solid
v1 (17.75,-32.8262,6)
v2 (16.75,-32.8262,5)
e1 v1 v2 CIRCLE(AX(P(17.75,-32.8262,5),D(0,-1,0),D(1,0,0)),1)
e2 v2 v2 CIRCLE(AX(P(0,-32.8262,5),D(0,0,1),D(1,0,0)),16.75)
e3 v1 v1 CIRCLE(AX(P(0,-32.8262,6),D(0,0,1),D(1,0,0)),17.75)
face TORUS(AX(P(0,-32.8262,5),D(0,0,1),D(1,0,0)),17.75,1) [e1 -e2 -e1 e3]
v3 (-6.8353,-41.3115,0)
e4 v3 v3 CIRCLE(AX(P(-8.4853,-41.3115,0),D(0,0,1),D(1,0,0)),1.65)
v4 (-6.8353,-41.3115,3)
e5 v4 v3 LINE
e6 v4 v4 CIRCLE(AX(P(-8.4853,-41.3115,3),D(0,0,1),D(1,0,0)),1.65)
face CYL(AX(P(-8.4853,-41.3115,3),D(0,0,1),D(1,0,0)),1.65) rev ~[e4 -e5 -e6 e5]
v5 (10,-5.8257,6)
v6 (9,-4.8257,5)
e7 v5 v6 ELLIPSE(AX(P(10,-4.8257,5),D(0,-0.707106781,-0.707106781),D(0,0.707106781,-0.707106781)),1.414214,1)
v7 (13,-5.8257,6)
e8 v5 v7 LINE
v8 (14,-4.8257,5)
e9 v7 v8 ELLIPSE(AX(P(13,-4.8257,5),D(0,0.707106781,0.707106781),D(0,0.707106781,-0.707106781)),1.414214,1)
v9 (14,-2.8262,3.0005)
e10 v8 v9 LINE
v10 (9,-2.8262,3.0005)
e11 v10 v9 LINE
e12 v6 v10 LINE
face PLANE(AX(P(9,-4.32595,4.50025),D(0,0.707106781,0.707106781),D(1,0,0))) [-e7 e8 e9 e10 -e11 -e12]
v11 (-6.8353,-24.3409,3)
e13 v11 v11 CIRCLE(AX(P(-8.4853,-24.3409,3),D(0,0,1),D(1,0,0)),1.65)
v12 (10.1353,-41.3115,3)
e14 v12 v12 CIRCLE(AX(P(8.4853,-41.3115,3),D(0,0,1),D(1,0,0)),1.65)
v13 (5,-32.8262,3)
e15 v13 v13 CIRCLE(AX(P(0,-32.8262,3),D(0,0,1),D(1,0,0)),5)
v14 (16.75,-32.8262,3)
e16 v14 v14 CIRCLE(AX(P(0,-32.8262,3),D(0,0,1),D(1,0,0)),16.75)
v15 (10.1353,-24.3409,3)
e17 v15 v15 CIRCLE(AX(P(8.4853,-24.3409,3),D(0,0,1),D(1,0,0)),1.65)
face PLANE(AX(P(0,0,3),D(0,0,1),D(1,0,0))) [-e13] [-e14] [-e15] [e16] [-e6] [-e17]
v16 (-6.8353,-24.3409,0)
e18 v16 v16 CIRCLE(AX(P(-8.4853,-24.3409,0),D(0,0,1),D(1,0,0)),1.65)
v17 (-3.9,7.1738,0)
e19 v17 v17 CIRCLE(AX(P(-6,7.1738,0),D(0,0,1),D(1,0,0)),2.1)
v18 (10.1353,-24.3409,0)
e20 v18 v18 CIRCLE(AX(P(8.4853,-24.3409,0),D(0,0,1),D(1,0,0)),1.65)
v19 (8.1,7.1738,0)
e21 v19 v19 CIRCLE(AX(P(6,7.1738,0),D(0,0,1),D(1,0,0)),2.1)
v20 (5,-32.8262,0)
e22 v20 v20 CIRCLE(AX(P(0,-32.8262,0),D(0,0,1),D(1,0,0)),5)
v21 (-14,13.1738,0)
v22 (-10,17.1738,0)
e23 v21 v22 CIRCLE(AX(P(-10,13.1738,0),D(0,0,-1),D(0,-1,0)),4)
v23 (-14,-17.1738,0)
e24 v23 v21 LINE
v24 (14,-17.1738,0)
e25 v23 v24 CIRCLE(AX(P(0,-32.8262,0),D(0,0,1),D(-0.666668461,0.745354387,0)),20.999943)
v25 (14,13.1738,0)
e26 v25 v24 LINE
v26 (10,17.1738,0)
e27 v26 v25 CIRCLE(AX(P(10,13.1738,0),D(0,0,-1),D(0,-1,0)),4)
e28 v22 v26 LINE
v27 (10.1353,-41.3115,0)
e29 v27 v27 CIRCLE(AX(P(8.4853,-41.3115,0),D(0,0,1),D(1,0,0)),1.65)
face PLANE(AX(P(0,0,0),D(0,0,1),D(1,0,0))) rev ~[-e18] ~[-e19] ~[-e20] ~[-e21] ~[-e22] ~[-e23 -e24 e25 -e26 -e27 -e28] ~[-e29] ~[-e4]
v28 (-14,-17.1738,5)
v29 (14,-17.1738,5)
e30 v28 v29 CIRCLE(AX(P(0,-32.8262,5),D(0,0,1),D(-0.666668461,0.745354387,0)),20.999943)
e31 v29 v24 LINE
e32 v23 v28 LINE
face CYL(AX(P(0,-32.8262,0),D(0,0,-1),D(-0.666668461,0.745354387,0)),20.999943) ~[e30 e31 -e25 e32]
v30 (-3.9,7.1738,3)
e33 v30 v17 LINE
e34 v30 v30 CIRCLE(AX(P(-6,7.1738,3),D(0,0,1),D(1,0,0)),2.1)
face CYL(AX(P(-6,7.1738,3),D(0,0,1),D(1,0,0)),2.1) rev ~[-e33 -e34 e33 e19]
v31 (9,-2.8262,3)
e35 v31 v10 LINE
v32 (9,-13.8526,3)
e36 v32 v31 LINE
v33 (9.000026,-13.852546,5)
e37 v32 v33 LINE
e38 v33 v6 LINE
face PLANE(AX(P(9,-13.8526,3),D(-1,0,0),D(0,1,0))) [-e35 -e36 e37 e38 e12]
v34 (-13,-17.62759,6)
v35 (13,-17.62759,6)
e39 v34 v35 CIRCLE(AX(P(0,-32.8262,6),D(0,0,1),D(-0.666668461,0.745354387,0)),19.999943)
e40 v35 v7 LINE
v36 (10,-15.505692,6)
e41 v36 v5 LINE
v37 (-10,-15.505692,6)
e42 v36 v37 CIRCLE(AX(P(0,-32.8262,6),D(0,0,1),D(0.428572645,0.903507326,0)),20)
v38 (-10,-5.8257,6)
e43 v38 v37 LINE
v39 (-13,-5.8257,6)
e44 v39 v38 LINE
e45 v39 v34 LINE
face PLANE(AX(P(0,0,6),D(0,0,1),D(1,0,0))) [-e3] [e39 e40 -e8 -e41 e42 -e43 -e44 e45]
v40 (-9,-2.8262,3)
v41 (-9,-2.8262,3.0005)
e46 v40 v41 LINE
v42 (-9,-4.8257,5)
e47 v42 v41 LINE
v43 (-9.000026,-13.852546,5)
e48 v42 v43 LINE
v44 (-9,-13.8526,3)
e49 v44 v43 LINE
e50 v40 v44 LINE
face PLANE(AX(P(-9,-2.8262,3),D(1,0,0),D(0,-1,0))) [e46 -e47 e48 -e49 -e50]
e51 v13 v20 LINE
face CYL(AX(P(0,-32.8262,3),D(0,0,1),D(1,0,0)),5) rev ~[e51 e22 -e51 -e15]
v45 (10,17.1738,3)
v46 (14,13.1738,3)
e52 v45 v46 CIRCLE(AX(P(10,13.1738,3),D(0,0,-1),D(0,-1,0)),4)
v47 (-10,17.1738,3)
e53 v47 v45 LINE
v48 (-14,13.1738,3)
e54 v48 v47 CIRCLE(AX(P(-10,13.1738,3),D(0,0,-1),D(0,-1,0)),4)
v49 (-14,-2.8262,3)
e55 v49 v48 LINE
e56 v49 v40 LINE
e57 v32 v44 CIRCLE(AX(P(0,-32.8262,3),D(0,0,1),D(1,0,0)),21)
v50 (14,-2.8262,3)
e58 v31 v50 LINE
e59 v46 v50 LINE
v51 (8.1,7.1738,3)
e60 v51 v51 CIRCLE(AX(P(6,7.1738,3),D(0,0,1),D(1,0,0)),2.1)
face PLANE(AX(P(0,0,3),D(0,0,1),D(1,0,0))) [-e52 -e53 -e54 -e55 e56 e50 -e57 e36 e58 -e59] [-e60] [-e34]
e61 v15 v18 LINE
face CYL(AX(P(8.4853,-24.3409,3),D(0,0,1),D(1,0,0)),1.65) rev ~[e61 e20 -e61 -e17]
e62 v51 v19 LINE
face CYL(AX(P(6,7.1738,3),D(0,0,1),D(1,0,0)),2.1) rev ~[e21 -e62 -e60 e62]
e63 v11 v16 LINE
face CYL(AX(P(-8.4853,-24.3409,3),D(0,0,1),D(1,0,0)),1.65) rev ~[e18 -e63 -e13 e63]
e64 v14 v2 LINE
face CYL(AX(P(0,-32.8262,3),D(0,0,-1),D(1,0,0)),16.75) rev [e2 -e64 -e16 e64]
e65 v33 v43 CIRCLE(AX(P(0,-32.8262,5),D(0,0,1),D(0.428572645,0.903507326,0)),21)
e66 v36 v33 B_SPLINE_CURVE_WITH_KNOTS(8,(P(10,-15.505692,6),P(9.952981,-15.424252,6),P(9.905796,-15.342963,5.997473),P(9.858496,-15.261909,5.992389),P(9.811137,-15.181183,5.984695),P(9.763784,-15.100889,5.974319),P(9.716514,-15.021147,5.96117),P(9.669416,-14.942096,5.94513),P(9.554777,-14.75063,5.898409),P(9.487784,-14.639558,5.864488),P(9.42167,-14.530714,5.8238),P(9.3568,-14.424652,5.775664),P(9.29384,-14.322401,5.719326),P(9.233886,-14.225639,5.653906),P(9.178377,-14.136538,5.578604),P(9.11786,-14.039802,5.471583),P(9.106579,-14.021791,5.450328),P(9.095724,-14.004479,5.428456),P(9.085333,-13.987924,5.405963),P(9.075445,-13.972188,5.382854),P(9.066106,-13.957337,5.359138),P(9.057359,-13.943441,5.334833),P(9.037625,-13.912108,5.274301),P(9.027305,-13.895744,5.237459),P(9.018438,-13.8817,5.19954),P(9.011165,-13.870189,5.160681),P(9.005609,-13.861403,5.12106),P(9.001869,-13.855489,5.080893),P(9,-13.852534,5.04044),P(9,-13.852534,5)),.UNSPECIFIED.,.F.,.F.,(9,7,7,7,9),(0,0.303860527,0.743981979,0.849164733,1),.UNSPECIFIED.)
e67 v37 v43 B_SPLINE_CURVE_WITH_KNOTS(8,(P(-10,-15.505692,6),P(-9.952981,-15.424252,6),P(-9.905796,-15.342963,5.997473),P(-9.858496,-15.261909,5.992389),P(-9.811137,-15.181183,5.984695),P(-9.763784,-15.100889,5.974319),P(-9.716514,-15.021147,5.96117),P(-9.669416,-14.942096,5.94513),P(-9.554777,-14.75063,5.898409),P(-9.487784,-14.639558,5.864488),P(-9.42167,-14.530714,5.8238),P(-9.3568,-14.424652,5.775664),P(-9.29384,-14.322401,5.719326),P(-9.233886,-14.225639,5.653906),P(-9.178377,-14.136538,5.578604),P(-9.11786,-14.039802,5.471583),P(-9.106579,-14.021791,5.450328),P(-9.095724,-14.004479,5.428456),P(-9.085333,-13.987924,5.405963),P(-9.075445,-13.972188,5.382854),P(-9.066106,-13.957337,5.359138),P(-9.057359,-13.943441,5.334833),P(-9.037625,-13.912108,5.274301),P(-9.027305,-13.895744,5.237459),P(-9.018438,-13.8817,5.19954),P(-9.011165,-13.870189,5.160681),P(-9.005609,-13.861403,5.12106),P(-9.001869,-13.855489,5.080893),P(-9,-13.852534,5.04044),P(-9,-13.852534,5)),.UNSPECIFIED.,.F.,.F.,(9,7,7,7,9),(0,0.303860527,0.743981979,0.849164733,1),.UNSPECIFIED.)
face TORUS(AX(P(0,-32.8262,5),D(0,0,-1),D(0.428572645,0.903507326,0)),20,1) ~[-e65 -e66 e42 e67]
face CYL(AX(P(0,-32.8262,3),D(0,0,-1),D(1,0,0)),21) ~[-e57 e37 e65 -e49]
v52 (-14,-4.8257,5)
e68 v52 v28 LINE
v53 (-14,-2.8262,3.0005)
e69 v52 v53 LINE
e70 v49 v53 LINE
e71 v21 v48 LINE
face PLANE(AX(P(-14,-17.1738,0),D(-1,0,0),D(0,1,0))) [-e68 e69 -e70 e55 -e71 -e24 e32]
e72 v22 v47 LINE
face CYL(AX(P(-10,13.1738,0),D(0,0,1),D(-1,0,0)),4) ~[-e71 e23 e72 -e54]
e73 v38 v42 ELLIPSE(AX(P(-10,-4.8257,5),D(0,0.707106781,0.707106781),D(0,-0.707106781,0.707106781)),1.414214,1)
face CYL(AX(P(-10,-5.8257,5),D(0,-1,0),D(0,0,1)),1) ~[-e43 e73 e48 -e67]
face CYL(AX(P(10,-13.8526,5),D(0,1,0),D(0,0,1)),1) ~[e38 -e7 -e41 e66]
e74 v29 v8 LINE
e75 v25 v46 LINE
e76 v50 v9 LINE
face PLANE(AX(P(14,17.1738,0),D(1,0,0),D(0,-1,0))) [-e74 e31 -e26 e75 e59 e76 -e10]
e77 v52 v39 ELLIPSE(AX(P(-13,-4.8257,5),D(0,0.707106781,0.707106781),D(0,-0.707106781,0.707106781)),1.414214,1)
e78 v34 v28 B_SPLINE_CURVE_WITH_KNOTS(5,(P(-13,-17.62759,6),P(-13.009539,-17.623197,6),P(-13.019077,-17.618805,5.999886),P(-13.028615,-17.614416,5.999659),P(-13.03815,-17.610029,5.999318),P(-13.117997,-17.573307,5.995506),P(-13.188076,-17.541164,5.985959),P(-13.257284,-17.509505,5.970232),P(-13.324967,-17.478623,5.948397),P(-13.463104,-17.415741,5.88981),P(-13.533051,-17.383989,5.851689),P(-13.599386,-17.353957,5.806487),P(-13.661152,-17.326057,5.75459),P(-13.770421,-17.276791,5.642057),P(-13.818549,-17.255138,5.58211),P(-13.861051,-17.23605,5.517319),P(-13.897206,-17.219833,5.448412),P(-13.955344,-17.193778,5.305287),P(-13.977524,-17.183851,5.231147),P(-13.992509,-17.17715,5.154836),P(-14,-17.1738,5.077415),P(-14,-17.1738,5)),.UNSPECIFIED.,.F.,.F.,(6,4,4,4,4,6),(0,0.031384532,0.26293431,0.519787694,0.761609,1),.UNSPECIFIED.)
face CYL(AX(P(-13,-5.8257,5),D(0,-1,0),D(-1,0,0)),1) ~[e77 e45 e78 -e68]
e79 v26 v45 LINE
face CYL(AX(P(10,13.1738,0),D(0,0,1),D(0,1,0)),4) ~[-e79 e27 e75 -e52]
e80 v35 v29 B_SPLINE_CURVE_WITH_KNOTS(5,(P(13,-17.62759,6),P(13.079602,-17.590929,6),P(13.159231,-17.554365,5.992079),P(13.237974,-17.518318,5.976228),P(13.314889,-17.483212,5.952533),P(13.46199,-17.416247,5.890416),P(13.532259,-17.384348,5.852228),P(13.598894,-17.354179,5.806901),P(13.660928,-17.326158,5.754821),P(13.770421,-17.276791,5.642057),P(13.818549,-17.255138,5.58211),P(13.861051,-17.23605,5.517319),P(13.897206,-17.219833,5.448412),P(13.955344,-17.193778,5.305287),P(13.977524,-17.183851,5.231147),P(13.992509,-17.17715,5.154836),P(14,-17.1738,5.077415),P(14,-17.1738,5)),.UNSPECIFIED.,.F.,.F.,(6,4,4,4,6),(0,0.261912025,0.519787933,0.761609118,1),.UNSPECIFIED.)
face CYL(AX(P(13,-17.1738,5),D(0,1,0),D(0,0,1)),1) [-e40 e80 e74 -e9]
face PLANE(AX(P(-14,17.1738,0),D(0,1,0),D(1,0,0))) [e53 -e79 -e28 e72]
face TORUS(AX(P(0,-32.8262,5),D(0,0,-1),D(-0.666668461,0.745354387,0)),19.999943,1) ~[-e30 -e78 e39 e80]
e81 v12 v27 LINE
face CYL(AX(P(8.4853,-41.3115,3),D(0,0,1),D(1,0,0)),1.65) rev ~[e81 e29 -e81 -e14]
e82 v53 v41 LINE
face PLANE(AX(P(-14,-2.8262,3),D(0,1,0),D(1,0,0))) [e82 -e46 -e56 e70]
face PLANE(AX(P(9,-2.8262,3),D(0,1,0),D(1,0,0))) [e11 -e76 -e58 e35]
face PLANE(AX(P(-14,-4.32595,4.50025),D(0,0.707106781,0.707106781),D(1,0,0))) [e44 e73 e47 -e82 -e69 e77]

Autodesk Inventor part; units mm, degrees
ref_plane "YZ Plane" through (0, 0, 0) normal (1, 0, 0) x (0, 1, 0)
ref_plane "XZ Plane" through (0, 0, 0) normal (0, 1, 0) x (-1, 0, 0)
ref_plane "XY Plane" through (0, 0, 0) normal (0, 0, 1) x (1, 0, 0)
sketch "Sketch1" plane through (0, 0, 0) normal (0, 0, 1) x (1, 0, 0)
  line L0 (-14, 17.1738) -> (14, 17.1738)
  line L1 (14, 17.1738) -> (14, -17.1738)
  line L2 (14, -32.8262) -> (-14, -32.8262)
  line L3 (-14, -32.8262) -> (-14, -17.1738)
  arc A0 (-14, -17.1738) -> (14, -17.1738) centre (0, -32.8262) ccw
  line L4 (-14, -17.1738) -> (-14, 17.1738)
  line L5 (14, -17.1738) -> (14, -32.8262)
  point P0 (0, 0)
  point P1 (0, 17.1738)
  point P2 (14, 0)
  dimension "d0" = 42
  dimension "d1" = 50
  dimension "d4" = 28
extrude "Extrusion1" add sketch "Sketch1" along normal blind 3
sketch "Sketch2" plane through (0, 0, 3) normal (0, 0, 1) x (1, 0, 0)
  line L0 (14, -17.1738) -> (14, 17.1738) projected
  line L1 (14, 17.1738) -> (-14, 17.1738) construction
  line L2 (-14, 17.1738) -> (-14, -17.1738) construction
  arc A0 (-14, -17.1738) -> (14, -17.1738) centre (0, -32.8262) ccw projected
  circle A1 centre (0, -32.8262) radius 16.75
  circle A2 centre (0, -32.8262) radius 21
  line L3 (-14, -2.8262) -> (14, -2.8262)
  line L4 (14, -17.1738) -> (14, 17.1738) construction
  line L5 (-14, 17.1738) -> (-14, -17.1738) projected
  line L6 (-14, -2.8262) -> (-14, -17.1738)
  line L7 (-9, -2.8262) -> (-9, -13.8526)
  line L8 (14, -2.8262) -> (14, -17.1738)
  line L9 (9, -13.8526) -> (9, -2.8262)
  arc A3 (-14, -17.1738) -> (14, -17.1738) centre (0, -32.8262) ccw projected
  line L10 (14, -2.8262) -> (14, -17.1738)
  point P0 (0, 0)
  dimension "d5" = 33.5
  dimension "d6" = 20
  dimension "d7" = 5
  dimension "d8" = 5
extrude "Extrusion2" add sketch "Sketch2" along normal blind 3 contours A2 L9 L3 L0 | A0 A2 | L5 L3 L7 A2
sketch "Sketch3" plane through (0, 0, 3) normal (0, 0, 1) x (1, 0, 0)
  circle A0 centre (0, -32.8262) radius 16.75 projected
  circle A1 centre (0, -32.8262) radius 5
  line L0 (9, -2.8262) -> (14, -2.8262) projected
  line L1 (14, -2.8262) -> (14, 17.1738) projected
  line L2 (14, 17.1738) -> (-14, 17.1738) projected
  line L3 (-14, 17.1738) -> (-14, -2.8262) projected
  line L4 (-14, -2.8262) -> (-9, -2.8262) projected
  line L5 (-9, -2.8262) -> (-9, -13.8526) projected
  arc A2 (9, -13.8526) -> (-9, -13.8526) centre (0, -32.8262) ccw projected
  line L6 (9, -13.8526) -> (9, -2.8262) projected
  circle A3 centre (-6, 7.1738) radius 2.1
  circle A4 centre (6, 7.1738) radius 2.1
  line L7 (-6, 7.1738) -> (6, 7.1738) construction
  point P0 (0, 0)
  point P1 (0, 7.1738)
  dimension "d11" = 10
  dimension "d12" = 4.2
  dimension "d13" = 12
  dimension "d14" = 10
extrude "Extrusion3" cut sketch "Sketch3" against normal up to next contours A1 | A3 | A4
chamfer "Chamfer1" distance 3 angle 45 2 edges at (11.5, -2.8262, 6) (-11.5, -2.8262, 6)
fillet "Fillet1" radius 1 7 edges at (-16.75, -32.8262, 6) (0, -11.8262, 6) (0, -53.8262, 6) (-14, -11.4998, 6) (-9, -9.8392, 6) (9, -9.8392, 6) (14, -11.4998, 6)
sketch "Sketch4" plane through (0, -32.8262, 3) normal (0, 0, 1) x (1, 0, 0)
  circle A0 centre (0, 0) radius 5 projected
  circle A1 centre (8.4853, 8.4853) radius 1.65
  line L0 (0, 0) -> (8.4853, 8.4853) construction
  line L1 (0, 0) -> (0, 12.1192) construction
  line L2 (0, 0) -> (-12.1192, 0) construction
  circle A2 centre (-8.4853, 8.4853) radius 1.65
  line L3 (0, 0) -> (0, -12.1192) construction
  circle A3 centre (-8.4853, -8.4853) radius 1.65
  line L4 (0, 0) -> (12.1192, 0) construction
  circle A4 centre (8.4853, -8.4853) radius 1.65
  point P0 (0, 32.8262)
  dimension "d21" = 45
  dimension "d22" = 3.3
  dimension "d23" = 12
  dimension "d26" = 360
extrude "Extrusion4" cut sketch "Sketch4" against normal up to next contours A1 | A2 | A3 | A4
fillet "Fillet2" radius 4 2 edges at (-14, 17.1738, 1.5) (14, 17.1738, 1.5)
equation "\"d8\" = d7"
properties part number "holder-LMF8LUU-z-axis"
